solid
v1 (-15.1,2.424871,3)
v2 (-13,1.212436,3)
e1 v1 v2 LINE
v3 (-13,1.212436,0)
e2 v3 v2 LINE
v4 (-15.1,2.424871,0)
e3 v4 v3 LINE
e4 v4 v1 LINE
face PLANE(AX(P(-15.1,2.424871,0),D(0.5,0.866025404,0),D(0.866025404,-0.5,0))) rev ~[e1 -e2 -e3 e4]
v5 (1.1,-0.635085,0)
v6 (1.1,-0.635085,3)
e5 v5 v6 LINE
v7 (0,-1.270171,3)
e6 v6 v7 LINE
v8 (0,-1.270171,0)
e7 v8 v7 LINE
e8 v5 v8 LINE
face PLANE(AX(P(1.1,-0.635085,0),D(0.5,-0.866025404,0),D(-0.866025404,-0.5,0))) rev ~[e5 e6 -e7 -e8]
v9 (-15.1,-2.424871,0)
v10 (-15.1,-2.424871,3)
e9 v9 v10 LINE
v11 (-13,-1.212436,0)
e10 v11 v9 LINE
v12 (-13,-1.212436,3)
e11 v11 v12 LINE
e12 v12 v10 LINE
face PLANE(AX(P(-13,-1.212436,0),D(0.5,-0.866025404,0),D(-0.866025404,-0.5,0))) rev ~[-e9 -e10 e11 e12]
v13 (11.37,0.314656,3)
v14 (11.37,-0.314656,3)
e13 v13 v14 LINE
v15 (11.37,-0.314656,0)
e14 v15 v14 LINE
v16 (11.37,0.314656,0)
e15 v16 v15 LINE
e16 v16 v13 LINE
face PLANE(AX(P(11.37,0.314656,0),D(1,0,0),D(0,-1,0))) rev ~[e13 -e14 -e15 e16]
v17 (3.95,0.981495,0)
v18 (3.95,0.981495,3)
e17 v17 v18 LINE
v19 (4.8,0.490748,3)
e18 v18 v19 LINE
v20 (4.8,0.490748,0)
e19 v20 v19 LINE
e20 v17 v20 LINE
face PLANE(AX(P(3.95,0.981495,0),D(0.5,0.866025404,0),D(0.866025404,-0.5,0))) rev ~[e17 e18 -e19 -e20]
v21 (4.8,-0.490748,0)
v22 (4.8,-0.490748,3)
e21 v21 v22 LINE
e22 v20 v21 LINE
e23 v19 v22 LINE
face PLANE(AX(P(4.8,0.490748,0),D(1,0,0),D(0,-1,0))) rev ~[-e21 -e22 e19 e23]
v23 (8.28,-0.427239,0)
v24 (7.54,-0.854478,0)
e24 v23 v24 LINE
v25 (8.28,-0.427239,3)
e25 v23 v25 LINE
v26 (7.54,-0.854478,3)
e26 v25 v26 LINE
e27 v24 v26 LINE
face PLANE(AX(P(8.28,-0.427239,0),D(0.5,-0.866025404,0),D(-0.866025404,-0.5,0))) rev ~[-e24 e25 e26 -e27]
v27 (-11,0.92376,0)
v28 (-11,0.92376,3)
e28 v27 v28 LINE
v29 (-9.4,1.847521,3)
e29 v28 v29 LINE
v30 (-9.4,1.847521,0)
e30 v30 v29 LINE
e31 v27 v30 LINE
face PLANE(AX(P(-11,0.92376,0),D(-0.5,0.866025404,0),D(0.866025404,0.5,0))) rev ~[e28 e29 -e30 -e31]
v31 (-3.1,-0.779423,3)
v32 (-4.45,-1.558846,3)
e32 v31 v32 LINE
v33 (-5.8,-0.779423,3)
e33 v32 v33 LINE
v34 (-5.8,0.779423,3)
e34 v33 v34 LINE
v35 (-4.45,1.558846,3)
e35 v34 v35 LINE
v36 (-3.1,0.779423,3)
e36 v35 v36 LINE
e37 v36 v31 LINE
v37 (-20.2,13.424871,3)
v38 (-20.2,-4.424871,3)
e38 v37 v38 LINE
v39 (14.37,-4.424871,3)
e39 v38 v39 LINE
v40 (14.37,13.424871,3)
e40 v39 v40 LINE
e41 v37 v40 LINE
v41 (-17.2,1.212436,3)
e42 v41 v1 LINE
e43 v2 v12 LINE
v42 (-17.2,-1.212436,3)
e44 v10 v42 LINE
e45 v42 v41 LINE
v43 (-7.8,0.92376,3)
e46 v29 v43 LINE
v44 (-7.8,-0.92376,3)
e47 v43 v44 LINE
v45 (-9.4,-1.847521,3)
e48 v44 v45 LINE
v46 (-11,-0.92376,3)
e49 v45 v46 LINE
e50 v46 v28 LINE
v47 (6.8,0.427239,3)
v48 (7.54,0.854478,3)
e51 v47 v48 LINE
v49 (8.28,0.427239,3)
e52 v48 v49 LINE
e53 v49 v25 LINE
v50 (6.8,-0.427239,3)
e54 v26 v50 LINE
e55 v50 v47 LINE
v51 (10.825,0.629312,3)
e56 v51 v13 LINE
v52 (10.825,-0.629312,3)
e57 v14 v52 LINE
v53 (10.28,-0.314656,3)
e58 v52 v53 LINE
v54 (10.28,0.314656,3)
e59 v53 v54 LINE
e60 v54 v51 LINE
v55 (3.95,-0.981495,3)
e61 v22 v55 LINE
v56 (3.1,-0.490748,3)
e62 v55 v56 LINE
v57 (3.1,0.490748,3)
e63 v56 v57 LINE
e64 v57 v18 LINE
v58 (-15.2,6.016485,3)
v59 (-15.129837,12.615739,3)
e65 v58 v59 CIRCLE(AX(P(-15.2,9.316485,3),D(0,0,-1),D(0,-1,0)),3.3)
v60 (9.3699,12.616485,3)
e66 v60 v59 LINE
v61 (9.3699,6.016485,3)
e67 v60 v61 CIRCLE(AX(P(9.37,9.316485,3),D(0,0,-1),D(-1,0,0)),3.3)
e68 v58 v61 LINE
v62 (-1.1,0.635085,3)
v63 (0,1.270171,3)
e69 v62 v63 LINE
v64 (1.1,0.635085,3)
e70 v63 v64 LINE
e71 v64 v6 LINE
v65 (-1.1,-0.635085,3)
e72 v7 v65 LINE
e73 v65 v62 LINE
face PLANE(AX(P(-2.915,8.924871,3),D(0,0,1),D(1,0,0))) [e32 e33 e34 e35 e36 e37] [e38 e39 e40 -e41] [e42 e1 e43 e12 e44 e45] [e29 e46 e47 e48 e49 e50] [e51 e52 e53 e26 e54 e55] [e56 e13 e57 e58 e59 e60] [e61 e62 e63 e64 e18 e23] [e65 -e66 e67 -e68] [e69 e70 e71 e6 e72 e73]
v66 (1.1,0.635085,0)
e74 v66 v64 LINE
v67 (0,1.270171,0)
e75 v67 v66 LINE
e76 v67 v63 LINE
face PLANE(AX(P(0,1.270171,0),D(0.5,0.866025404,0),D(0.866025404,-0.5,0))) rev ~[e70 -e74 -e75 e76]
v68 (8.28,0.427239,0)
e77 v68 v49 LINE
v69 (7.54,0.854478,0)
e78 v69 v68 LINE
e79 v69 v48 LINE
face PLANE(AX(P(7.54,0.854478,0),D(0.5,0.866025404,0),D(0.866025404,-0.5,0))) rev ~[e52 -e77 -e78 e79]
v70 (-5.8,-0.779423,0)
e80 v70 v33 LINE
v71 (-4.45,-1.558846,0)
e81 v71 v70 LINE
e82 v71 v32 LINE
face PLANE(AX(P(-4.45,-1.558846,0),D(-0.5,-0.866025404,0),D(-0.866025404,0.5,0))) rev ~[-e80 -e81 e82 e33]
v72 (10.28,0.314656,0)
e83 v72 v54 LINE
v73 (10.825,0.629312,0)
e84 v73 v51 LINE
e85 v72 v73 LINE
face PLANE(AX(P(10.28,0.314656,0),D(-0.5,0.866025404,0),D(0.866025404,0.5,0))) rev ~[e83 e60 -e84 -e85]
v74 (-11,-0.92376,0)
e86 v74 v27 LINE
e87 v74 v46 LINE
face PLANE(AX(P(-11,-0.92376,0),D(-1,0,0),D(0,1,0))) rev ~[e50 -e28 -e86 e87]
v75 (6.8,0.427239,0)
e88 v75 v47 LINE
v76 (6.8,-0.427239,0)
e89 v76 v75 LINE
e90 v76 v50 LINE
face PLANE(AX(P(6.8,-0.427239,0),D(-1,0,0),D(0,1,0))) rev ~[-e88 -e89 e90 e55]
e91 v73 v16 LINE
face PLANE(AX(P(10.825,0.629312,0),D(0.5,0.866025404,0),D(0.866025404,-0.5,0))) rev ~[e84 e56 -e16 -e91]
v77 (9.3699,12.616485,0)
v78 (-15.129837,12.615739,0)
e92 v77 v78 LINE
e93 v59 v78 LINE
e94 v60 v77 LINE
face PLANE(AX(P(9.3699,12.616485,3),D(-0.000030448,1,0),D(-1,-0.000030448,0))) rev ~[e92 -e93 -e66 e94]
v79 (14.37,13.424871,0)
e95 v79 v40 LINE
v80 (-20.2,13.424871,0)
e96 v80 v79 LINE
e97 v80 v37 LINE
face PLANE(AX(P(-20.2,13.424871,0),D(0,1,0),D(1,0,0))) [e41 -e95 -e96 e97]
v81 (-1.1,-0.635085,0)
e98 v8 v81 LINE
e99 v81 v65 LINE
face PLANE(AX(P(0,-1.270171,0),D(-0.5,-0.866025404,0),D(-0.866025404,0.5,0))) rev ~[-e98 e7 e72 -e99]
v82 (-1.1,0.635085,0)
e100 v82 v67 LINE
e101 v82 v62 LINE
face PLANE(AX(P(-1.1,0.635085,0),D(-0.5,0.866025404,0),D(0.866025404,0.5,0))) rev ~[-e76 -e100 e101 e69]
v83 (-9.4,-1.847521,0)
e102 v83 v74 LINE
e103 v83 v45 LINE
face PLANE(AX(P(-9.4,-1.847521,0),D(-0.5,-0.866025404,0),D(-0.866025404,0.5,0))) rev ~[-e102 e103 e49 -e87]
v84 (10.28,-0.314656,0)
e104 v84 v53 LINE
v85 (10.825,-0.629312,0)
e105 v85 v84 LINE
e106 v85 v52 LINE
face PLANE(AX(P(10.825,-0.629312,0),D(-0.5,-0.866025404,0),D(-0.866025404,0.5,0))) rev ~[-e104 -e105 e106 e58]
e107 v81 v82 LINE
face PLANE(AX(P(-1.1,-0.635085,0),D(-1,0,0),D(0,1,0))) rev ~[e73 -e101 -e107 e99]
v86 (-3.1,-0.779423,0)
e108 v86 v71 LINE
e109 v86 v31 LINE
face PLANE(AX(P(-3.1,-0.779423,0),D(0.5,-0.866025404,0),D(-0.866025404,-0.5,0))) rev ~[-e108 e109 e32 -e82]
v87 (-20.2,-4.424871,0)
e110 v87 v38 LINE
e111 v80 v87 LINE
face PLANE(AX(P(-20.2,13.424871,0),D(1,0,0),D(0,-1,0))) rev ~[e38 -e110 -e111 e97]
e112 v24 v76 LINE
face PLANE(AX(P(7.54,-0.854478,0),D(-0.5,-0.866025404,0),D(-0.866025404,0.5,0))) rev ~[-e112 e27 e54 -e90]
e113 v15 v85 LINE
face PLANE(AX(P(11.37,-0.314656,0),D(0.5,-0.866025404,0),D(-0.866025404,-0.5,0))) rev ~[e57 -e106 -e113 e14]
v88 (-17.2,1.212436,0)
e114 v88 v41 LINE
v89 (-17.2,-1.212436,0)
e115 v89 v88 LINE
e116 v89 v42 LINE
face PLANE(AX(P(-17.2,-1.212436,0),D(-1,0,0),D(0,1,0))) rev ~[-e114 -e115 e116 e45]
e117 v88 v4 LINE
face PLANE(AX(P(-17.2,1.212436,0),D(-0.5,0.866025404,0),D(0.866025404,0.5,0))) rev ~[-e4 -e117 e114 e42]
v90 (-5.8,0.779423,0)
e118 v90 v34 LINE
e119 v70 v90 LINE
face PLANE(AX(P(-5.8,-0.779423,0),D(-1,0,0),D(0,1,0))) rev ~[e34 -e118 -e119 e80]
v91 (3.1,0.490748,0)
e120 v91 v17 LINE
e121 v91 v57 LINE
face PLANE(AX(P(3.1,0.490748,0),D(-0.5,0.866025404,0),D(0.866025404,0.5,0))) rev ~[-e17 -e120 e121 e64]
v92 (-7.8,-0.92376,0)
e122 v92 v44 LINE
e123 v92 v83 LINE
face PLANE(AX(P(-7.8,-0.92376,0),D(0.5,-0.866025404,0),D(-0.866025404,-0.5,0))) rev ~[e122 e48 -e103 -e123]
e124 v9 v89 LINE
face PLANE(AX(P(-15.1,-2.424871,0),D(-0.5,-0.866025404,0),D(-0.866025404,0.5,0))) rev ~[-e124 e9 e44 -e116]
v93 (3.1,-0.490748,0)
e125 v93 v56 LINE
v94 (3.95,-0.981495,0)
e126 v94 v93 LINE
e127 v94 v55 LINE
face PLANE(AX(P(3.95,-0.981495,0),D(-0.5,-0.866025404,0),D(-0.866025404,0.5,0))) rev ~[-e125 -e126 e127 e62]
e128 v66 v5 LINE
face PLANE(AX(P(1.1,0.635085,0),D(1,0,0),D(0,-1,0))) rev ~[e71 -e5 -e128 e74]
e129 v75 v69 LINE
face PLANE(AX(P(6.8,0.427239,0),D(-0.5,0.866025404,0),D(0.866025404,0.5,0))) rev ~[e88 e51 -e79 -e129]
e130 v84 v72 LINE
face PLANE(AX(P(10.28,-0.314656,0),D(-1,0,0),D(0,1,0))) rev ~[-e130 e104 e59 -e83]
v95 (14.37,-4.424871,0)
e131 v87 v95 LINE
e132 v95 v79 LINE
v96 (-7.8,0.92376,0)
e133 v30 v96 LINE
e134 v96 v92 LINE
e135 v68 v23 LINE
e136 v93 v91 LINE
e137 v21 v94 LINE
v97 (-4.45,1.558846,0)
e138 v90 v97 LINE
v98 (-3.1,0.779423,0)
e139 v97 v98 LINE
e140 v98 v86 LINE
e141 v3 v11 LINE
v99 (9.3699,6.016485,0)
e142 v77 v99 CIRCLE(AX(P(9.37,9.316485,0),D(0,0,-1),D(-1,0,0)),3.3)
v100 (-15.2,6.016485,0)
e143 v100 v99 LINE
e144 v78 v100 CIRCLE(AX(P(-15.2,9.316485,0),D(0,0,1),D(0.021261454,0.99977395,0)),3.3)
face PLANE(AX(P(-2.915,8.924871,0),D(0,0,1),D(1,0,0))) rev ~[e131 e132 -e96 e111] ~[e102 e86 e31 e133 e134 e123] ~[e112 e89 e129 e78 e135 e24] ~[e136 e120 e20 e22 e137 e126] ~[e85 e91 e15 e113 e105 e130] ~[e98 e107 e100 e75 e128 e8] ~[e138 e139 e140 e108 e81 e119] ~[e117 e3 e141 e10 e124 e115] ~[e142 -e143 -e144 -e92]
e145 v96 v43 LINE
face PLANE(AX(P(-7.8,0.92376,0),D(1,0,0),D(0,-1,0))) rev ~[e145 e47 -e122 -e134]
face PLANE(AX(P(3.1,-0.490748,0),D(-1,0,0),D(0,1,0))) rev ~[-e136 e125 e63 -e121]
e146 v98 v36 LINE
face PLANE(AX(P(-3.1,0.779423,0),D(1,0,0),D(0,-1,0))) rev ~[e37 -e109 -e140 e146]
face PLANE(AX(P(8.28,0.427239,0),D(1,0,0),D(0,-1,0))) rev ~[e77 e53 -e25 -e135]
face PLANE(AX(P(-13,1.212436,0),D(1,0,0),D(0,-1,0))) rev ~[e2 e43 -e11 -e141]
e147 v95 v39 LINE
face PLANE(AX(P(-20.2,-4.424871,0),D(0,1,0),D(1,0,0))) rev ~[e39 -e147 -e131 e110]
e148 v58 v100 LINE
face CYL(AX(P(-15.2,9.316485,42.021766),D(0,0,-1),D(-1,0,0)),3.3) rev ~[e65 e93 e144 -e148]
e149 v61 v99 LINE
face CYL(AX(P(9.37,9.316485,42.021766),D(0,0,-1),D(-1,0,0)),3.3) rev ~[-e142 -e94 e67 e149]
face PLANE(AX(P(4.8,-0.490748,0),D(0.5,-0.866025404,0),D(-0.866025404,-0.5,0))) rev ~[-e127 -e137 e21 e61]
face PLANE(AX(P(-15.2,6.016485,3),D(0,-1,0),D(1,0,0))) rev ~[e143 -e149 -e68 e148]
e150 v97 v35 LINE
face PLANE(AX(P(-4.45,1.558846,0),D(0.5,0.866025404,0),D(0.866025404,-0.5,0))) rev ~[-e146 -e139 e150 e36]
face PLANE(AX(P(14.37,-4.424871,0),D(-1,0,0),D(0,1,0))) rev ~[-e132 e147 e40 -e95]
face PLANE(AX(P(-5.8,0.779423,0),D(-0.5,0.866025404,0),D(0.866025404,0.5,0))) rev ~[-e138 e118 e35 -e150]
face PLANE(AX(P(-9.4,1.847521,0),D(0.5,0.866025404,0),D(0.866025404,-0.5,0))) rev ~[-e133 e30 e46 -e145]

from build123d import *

# Parameters (mm, degrees)
F0_W     = 34.57
F0_H     = 9
F0_H_2   = 8.8497422612
F1_DEPTH = 3
F3_D     = 6.6
F5_DEPTH = 25


with BuildPart() as f1:
    # F0 (on Top) → F1 (new body)
    with BuildSketch(Plane.XY):
        with Locations((-2.915, 8.9248711306)):
            Rectangle(F0_W, F0_H)
        with Locations((-2.915, 0)):
            Rectangle(F0_W, F0_H_2)
        Polygon((-15.1, 2.4248711306), (-13, 1.2124355653), (-13, -1.2124355653), (-15.1, -2.4248711306), (-17.2, -1.2124355653), (-17.2, 1.2124355653), align=None, mode=Mode.SUBTRACT)
        Polygon((-9.4, 1.8475208614), (-7.8, 0.9237604307), (-7.8, -0.9237604307), (-9.4, -1.8475208614), (-11, -0.9237604307), (-11, 0.9237604307), align=None, mode=Mode.SUBTRACT)
        Polygon((-4.45, 1.5588457268), (-3.1, 0.7794228634), (-3.1, -0.7794228634), (-4.45, -1.5588457268), (-5.8, -0.7794228634), (-5.8, 0.7794228634), align=None, mode=Mode.SUBTRACT)
        Polygon((0, 1.2701705922), (1.1, 0.6350852961), (1.1, -0.6350852961), (0, -1.2701705922), (-1.1, -0.6350852961), (-1.1, 0.6350852961), align=None, mode=Mode.SUBTRACT)
        Polygon((3.95, 0.9814954576), (4.8, 0.4907477288), (4.8, -0.4907477288), (3.95, -0.9814954576), (3.1, -0.4907477288), (3.1, 0.4907477288), align=None, mode=Mode.SUBTRACT)
        Polygon((7.54, 0.8544783984), (8.28, 0.4272391992), (8.28, -0.4272391992), (7.54, -0.8544783984), (6.8, -0.4272391992), (6.8, 0.4272391992), align=None, mode=Mode.SUBTRACT)
        Polygon((10.825, 0.6293117934), (11.37, 0.3146558967), (11.37, -0.3146558967), (10.825, -0.6293117934), (10.28, -0.3146558967), (10.28, 0.3146558967), align=None, mode=Mode.SUBTRACT)
    extrude(amount=F1_DEPTH)

    # F3 (through all)
    with Locations(Plane.XY.offset(3)):
        with Locations((-15.2, 9.3164853752), (9.37, 9.3164853752)):
            Hole(F3_D / 2)

    # F4 (on face) → F5 (cut)
    with BuildSketch(Plane.XY.offset(3)):
        with BuildLine():
            Line((9.3698995221, 12.6164853736), (-15.1298372011, 12.6157394093))
            ThreePointArc((-15.1298372011, 12.6157394093), (-12.8418717978, 11.6249981826), (-11.9, 9.3164853752))
            ThreePointArc((-11.9, 9.3164853752), (-12.866547622, 6.9830329973), (-15.1999999998, 6.0164853752))
            Line((-15.1999999998, 6.0164853752), (9.3698995221, 6.0164853767))
            ThreePointArc((9.3698995221, 6.0164853767), (6.07, 9.3164853752), (9.3698995221, 12.6164853736))
        make_face()
    extrude(amount=-F5_DEPTH, mode=Mode.SUBTRACT)


solid = f1.part
